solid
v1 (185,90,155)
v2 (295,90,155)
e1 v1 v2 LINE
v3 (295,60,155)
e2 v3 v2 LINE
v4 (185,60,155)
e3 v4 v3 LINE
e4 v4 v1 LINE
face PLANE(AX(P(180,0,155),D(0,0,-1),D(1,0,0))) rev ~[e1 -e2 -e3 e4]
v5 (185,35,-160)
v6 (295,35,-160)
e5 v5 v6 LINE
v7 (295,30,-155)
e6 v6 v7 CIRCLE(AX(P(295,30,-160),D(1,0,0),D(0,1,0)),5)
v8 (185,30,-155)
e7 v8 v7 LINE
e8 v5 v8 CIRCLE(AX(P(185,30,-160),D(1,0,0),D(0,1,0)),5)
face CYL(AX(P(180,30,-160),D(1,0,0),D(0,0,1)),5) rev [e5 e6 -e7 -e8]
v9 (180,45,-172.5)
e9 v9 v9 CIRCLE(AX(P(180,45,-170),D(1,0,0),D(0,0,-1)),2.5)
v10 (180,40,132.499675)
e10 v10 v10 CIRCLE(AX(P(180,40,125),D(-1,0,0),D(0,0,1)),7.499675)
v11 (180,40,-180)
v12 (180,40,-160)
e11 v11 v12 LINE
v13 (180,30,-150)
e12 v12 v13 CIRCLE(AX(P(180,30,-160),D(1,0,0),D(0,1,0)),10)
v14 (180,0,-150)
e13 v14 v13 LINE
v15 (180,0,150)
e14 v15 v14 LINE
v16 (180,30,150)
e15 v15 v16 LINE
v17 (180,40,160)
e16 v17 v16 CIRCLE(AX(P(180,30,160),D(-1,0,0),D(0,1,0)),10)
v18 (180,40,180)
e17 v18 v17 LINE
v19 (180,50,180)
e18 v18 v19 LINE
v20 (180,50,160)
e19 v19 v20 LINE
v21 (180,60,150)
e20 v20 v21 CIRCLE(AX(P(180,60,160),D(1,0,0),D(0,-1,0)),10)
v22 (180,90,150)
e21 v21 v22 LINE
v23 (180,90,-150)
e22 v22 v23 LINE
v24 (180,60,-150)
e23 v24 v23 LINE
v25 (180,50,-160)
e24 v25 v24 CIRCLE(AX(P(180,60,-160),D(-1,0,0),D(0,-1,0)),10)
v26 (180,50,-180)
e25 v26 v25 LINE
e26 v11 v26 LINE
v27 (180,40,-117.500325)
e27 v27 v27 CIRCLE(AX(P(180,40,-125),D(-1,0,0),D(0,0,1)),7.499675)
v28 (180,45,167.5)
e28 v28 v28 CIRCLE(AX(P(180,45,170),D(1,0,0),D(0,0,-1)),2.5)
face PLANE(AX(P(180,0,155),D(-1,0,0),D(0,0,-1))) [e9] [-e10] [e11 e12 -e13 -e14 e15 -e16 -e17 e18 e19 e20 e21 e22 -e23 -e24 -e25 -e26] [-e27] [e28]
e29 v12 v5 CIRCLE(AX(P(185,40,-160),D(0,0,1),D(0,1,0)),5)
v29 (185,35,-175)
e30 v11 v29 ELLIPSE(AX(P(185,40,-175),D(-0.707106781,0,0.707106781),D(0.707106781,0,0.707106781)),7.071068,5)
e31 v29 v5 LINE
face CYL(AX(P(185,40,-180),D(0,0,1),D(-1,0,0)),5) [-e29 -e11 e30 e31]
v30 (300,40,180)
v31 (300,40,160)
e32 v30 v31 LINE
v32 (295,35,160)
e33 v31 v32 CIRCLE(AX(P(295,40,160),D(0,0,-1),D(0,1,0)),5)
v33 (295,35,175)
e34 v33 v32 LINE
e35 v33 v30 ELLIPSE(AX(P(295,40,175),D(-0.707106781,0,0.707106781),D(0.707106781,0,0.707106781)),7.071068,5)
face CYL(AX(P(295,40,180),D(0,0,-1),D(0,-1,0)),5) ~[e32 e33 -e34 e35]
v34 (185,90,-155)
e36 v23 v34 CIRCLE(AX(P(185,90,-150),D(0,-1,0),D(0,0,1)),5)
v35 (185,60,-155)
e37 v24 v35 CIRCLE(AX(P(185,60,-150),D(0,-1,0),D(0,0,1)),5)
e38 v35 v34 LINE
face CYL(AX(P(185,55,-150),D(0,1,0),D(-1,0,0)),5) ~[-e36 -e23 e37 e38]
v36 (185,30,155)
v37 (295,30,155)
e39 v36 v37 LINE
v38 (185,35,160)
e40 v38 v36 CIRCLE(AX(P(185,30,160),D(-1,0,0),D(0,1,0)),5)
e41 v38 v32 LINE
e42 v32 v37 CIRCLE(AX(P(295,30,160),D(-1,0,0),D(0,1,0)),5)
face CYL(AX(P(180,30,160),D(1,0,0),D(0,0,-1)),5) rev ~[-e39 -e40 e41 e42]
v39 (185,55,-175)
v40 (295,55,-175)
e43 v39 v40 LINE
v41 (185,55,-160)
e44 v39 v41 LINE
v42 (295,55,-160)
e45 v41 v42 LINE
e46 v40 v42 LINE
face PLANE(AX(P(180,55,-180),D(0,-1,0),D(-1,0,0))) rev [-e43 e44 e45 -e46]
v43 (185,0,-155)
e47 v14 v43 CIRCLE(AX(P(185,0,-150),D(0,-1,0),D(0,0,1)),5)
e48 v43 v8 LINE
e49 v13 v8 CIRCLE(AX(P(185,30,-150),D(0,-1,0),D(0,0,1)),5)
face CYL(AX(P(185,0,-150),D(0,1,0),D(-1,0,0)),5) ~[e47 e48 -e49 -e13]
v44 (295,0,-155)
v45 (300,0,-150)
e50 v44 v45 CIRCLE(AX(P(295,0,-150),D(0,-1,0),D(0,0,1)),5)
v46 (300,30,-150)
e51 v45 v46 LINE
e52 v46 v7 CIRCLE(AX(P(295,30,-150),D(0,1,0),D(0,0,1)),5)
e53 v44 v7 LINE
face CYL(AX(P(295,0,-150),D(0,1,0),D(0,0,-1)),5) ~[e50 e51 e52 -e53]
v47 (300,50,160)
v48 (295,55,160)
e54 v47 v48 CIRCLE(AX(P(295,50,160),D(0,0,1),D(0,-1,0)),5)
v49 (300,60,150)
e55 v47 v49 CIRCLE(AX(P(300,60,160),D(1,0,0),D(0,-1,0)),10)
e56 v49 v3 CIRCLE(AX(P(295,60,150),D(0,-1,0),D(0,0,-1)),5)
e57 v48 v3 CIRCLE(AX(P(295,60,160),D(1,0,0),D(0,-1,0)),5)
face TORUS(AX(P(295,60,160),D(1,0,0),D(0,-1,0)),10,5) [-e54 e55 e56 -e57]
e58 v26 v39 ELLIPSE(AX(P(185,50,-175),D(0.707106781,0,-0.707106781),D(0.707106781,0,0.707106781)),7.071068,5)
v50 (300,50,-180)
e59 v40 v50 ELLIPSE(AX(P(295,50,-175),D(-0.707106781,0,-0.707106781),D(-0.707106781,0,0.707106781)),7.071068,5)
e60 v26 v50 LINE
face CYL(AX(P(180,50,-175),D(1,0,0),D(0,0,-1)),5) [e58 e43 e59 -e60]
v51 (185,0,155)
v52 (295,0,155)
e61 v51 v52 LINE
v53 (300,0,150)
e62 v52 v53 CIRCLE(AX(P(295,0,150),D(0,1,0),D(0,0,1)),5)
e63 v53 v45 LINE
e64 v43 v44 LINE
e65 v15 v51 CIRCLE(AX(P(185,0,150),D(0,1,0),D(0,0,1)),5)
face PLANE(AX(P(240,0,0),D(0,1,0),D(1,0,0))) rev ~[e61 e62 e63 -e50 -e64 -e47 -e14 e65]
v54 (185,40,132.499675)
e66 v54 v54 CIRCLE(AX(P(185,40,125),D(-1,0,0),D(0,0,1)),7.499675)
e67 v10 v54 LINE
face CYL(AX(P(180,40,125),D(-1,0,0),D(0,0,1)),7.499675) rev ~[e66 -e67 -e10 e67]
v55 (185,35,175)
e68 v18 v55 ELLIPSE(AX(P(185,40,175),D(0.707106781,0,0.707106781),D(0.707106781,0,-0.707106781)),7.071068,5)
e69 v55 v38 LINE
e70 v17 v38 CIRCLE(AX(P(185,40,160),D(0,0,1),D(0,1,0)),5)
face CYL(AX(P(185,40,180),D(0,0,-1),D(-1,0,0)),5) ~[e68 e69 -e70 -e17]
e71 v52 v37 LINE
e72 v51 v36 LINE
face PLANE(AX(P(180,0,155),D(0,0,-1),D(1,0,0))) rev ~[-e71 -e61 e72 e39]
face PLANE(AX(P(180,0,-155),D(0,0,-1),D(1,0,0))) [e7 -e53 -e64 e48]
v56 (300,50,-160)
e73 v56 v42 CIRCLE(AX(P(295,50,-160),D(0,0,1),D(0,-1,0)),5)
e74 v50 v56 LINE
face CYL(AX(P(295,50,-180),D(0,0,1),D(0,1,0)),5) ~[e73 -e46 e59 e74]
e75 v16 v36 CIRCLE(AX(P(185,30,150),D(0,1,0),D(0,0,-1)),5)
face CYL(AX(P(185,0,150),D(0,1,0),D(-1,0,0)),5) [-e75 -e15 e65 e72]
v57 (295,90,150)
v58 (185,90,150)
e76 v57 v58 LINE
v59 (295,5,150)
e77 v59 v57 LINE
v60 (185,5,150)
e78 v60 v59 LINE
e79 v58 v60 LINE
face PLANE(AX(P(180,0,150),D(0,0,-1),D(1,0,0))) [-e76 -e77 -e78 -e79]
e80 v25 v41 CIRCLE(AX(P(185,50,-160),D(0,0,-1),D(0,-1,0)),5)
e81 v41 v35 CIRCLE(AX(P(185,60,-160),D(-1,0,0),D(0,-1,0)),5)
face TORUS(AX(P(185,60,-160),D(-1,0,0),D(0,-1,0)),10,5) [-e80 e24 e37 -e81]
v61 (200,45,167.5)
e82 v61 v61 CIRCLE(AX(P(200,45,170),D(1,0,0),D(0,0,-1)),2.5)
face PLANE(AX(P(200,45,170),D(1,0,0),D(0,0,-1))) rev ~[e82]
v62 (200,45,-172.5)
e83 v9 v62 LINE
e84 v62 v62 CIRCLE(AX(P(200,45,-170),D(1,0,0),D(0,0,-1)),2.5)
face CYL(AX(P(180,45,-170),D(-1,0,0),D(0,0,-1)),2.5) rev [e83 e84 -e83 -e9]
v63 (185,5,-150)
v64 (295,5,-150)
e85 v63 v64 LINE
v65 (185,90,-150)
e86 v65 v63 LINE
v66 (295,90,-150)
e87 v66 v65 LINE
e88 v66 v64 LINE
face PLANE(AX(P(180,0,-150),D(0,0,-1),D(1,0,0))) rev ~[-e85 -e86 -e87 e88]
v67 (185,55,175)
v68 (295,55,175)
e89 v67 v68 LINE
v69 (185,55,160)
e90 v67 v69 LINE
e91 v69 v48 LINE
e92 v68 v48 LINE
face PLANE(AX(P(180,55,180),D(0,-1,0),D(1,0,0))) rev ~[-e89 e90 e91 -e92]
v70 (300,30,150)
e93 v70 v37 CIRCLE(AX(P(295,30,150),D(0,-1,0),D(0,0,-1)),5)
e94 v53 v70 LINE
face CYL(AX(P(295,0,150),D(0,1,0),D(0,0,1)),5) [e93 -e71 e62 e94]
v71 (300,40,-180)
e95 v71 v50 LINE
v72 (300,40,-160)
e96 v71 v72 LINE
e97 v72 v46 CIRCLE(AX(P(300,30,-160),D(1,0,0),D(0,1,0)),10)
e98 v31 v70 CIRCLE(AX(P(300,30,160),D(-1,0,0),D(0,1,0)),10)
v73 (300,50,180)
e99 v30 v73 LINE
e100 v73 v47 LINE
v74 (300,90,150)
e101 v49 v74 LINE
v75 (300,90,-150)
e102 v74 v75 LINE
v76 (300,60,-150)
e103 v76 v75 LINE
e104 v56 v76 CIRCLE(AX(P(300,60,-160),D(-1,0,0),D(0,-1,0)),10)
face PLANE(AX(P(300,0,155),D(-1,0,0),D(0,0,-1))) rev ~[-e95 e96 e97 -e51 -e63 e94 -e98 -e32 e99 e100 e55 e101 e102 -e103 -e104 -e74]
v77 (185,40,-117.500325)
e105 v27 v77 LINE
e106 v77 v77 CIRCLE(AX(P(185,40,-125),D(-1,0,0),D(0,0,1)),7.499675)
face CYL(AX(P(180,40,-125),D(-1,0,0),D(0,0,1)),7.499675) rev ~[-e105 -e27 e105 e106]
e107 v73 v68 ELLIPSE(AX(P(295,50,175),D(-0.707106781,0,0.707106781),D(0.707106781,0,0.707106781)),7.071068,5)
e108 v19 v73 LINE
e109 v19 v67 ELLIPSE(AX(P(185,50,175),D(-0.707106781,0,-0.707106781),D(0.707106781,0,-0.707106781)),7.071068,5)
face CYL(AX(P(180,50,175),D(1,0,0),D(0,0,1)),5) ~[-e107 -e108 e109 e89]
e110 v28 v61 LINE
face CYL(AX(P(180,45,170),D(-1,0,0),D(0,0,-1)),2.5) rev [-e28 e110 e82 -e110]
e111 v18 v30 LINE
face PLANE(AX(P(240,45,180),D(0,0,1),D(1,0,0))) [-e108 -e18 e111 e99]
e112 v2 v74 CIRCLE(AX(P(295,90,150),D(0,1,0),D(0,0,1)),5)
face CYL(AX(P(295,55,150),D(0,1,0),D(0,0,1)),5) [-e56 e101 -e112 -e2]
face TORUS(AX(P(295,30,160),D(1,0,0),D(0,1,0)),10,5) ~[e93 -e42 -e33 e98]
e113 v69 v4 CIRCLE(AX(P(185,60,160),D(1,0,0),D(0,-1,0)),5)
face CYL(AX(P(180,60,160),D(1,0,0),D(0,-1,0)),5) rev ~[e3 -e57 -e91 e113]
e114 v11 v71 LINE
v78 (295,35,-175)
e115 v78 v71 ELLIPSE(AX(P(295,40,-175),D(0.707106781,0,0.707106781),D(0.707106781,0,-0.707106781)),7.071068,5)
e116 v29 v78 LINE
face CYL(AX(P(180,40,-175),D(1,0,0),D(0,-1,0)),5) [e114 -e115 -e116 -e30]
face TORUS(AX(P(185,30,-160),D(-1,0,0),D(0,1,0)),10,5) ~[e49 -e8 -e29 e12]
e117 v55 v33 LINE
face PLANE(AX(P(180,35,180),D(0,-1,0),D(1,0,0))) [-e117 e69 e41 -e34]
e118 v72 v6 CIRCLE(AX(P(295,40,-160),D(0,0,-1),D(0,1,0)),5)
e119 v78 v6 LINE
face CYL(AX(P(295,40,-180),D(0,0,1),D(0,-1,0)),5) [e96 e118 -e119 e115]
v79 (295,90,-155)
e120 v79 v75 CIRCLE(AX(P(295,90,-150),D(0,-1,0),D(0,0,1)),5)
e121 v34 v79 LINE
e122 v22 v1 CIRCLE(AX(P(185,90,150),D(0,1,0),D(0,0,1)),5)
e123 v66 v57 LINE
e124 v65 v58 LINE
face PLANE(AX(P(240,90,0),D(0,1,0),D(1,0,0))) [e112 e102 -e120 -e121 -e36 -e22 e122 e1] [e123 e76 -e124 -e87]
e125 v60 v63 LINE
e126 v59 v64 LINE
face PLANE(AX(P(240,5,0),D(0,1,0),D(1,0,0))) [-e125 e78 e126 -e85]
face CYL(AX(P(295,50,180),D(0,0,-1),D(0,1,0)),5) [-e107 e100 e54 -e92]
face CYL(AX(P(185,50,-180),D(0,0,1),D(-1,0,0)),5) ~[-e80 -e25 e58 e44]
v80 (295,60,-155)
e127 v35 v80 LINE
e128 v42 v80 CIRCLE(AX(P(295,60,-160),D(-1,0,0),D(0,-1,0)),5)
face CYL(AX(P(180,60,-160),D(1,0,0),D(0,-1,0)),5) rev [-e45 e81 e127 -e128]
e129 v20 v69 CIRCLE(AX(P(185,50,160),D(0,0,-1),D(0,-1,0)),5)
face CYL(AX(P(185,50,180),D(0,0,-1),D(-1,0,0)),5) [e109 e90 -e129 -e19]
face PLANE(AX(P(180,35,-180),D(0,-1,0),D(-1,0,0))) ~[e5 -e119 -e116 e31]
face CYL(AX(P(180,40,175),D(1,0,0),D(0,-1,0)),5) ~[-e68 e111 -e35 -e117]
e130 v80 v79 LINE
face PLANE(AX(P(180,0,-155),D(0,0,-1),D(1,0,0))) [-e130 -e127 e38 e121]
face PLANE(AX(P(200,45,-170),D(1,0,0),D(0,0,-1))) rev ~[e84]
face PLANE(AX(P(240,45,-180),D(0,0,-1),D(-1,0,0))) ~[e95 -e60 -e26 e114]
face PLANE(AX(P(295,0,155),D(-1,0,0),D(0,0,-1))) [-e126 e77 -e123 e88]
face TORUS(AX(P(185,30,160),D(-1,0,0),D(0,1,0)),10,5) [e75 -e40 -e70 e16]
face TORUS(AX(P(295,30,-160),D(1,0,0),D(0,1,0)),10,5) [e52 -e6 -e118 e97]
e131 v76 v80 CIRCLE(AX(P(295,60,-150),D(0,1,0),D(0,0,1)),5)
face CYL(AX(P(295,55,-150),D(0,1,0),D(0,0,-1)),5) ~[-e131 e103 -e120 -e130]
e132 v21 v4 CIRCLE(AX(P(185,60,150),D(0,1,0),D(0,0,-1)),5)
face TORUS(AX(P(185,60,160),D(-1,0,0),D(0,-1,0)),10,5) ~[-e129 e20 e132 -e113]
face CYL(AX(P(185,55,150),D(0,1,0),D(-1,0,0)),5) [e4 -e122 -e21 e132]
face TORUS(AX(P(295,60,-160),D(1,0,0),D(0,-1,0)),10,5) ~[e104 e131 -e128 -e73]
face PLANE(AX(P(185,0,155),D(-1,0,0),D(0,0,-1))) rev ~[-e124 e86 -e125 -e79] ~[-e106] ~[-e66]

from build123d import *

# Parameters (mm, degrees)
SKETCH1_W           = 120
SKETCH1_H           = 310
BOSS_EXTRUDE4_DEPTH = 90
SHELL2_T            = -5
SKETCH2_R           = 7.499675099
CUT_EXTRUDE1_DEPTH  = 10
SKETCH3_W           = 120
SKETCH3_H           = 20
BOSS_EXTRUDE5_DEPTH = 25
SKETCH4_R           = 2.5
CUT_EXTRUDE2_DEPTH  = 20
FILLET1_R           = 5


with BuildPart() as part:
    # Sketch1 → Boss-Extrude4 (new body)
    with BuildSketch(Plane(origin=(0, 0, 0), x_dir=(1, 0, 0), z_dir=(0, 1, 0))):
        with Locations((240, 0)):
            Rectangle(SKETCH1_W, SKETCH1_H)
    extrude(amount=BOSS_EXTRUDE4_DEPTH)

    # Shell2
    shell2_openings = [part.faces().sort_by_distance(p)[0] for p in [
        (240, 90, 0),
    ]]
    offset(amount=SHELL2_T, openings=shell2_openings, kind=Kind.INTERSECTION)

    # Sketch2 → Cut-Extrude1 (cut)
    with BuildSketch(Plane.ZY.offset(-180)):
        with Locations((-125, 40)):
            Circle(SKETCH2_R)
        with Locations((125, 40)):
            Circle(SKETCH2_R)
    extrude(amount=-CUT_EXTRUDE1_DEPTH, mode=Mode.SUBTRACT)

    # Sketch3 → Boss-Extrude5 (add)
    with BuildSketch(Plane.XY.offset(180)):
        with Locations((240, 45)):
            Rectangle(SKETCH3_W, SKETCH3_H)
    boss_extrude5 = extrude(amount=-BOSS_EXTRUDE5_DEPTH)

    # Mirror1: Boss-Extrude5 across plane
    add(boss_extrude5.mirror(Plane.XY))

    # Sketch4 → Cut-Extrude2 (cut)
    with BuildSketch(Plane(origin=(180, 0, 0), x_dir=(0, 0, -1), z_dir=(1, 0, 0))):
        with Locations((-170, 45)):
            Circle(SKETCH4_R)
        with Locations((170, 45)):
            Circle(SKETCH4_R)
    extrude(amount=CUT_EXTRUDE2_DEPTH, mode=Mode.SUBTRACT)

    # Fillet1
    fillet1_edges = [part.edges().sort_by_distance(p)[0] for p in [
        (300, 17.5, 155),
        (180, 17.5, 155),
        (240, 55, 155),
        (240, 35, 155),
        (180, 55, 167.5),
        (180, 35, 167.5),
        (240, 55, 180),
        (240, 35, 180),
        (300, 55, 167.5),
        (300, 35, 167.5),
        (180, 17.5, -155),
        (300, 17.5, -155),
        (240, 35, -155),
        (240, 55, -155),
        (180, 35, -167.5),
        (240, 35, -180),
        (180, 55, -167.5),
        (300, 35, -167.5),
        (300, 55, -167.5),
        (240, 55, -180),
        (180, 72.5, -155),
        (300, 72.5, -155),
        (300, 72.5, 155),
        (180, 72.5, 155),
    ]]
    fillet(fillet1_edges, radius=FILLET1_R)


solid = part.part
